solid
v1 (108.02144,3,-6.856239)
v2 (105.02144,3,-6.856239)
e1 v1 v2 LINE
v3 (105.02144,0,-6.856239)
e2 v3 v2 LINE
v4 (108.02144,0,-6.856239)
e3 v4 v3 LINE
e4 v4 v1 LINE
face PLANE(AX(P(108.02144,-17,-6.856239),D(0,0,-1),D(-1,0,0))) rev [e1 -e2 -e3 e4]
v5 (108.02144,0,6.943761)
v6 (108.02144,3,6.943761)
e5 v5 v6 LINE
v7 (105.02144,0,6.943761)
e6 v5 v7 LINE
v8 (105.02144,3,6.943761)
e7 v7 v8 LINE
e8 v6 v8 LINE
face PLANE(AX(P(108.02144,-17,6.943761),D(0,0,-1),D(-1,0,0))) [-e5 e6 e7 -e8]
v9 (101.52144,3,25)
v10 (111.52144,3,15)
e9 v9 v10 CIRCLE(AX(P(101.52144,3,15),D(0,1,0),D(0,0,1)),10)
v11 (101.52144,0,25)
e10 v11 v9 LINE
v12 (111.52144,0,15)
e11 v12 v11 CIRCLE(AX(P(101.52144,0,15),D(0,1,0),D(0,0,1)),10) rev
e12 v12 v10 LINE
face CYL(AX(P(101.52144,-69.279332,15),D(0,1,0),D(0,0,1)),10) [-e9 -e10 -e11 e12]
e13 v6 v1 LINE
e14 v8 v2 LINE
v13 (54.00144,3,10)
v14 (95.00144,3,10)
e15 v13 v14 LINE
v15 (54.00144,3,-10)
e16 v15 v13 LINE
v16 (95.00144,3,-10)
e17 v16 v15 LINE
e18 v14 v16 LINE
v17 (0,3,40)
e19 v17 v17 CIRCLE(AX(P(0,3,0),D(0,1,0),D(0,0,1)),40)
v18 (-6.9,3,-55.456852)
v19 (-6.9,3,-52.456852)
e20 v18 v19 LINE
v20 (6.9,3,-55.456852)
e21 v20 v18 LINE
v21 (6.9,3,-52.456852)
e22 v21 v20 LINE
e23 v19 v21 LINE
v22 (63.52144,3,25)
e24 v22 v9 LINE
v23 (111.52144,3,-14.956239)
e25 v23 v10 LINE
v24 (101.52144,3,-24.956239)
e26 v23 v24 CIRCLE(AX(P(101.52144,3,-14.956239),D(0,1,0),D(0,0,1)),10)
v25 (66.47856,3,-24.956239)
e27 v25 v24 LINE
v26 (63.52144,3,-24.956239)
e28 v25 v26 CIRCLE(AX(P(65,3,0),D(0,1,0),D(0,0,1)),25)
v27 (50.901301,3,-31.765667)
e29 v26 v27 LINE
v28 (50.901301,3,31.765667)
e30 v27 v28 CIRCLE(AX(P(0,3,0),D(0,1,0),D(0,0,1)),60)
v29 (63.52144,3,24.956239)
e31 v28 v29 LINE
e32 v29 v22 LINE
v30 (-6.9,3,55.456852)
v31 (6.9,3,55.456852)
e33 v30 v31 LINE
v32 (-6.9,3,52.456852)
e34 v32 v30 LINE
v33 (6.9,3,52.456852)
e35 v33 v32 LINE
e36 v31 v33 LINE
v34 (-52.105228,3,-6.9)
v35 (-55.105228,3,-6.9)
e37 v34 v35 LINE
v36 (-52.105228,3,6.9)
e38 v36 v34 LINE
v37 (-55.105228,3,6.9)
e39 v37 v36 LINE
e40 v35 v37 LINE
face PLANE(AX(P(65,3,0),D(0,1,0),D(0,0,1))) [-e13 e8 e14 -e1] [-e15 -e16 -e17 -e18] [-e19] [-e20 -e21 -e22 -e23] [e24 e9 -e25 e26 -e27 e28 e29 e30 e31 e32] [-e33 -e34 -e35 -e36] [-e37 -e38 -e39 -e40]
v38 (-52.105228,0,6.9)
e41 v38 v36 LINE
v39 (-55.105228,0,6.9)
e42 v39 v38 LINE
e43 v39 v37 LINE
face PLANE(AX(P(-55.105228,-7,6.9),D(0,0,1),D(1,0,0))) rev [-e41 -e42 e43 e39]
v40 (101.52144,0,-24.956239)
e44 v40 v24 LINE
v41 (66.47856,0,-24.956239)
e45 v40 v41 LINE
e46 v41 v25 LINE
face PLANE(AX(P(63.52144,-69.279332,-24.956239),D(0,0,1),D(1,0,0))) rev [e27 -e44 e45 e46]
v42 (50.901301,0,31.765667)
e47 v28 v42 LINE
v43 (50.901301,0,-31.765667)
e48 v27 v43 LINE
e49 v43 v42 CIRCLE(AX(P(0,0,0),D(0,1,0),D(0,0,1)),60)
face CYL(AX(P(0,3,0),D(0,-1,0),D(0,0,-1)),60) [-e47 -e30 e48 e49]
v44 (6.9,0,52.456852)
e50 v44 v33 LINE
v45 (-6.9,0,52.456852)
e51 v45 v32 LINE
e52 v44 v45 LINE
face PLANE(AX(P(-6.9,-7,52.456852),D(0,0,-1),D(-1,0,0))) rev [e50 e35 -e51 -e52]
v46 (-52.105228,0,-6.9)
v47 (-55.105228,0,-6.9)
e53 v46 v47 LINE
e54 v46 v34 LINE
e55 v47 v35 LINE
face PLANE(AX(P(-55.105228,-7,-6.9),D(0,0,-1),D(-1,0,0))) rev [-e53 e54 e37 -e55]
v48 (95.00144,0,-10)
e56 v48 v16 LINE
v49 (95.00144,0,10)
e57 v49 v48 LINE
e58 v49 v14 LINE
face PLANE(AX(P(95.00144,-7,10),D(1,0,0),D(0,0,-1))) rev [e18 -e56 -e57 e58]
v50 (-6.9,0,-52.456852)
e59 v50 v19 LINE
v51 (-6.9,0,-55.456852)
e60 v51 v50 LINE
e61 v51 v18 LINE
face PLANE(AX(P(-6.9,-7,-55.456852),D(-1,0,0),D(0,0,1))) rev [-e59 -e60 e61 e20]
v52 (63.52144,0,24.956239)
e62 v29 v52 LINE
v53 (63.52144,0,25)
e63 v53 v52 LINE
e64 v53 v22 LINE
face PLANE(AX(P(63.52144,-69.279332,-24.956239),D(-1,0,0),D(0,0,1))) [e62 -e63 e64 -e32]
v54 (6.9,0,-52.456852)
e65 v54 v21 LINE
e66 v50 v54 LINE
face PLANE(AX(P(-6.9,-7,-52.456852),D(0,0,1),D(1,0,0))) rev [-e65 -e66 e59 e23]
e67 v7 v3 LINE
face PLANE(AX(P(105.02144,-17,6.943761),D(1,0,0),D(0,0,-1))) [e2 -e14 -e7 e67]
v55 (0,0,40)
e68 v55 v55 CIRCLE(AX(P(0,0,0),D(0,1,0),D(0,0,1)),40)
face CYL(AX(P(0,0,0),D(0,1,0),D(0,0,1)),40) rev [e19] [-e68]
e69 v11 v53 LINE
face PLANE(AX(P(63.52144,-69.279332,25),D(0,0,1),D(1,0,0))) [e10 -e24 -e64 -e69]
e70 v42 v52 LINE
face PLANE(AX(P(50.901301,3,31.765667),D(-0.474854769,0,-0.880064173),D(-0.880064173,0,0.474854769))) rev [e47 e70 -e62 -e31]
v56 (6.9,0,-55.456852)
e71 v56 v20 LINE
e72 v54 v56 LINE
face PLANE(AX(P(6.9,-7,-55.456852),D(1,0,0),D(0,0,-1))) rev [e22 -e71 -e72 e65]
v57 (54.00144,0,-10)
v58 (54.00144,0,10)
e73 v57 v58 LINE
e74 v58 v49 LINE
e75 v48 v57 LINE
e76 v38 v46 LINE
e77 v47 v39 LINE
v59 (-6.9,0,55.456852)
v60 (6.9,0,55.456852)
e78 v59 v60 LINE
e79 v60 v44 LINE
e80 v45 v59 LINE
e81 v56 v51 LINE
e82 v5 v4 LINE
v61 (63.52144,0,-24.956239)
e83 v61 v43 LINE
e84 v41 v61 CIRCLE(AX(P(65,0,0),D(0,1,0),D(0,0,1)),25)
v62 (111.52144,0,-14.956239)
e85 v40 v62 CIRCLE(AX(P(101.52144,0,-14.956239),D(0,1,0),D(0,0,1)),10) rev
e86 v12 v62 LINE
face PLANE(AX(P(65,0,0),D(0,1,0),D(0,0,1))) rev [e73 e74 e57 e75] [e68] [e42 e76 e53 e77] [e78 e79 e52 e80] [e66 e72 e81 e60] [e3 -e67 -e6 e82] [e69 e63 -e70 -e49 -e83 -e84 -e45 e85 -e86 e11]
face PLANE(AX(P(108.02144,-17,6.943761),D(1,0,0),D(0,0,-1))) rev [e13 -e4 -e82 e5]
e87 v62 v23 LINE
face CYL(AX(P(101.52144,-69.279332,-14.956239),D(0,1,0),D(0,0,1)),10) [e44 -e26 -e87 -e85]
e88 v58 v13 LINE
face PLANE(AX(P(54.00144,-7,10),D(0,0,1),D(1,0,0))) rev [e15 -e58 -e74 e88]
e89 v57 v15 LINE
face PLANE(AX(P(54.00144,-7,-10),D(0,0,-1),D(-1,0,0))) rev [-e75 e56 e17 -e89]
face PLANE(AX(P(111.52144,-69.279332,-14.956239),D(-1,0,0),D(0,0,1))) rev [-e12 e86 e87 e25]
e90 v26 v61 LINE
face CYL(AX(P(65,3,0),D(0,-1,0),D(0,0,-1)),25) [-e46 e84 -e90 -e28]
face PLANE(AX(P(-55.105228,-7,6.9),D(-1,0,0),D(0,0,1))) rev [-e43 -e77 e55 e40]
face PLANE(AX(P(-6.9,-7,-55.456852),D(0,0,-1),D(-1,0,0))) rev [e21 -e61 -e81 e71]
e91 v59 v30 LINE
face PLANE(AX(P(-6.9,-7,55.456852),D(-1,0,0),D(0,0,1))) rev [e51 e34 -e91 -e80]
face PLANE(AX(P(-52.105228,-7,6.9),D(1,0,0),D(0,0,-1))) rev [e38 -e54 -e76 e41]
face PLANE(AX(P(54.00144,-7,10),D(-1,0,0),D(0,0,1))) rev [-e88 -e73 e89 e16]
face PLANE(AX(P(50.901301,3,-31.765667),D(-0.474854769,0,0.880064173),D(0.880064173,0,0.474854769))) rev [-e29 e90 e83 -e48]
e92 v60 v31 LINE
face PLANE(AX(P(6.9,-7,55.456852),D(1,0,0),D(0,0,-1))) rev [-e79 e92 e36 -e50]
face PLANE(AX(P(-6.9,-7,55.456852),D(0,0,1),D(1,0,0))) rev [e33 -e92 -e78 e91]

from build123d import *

# Parameters (mm, degrees)
EXTRUDE_1_DEPTH     = 3
SKETCH_3_W          = 13.8
SKETCH_3_H          = 3
SKETCH_3_W_2        = 3
SKETCH_3_H_2        = 13.8
CUT_EXTRUDE_1_DEPTH = 10
EXTRUDE_2_DEPTH     = 3
SKETCH_5_W          = 3
SKETCH_5_H          = 13.8
CUT_EXTRUDE_2_DEPTH = 20
SKETCH_6_W          = 41
SKETCH_6_H          = 20
CUT_EXTRUDE_3_DEPTH = 10
SKETCH_7_R          = 40
CUT_EXTRUDE_4_DEPTH = 3


with BuildPart() as part:
    # Эскиз2 → Бобышка-Вытянуть1 (new body)
    with BuildSketch(Plane(origin=(0, 0, 0), x_dir=(1, 0, 0), z_dir=(0, 1, 0))):
        with BuildLine():
            Line((50.901300831, -31.765666587), (63.52144012, -24.956238913))
            ThreePointArc((63.52144012, -24.956238913), (90, 0), (63.52144012, 24.956238913))
            Line((63.52144012, 24.956238913), (50.901300831, 31.765666587))
            ThreePointArc((50.901300831, 31.765666587), (-60, 0), (50.901300831, -31.765666587))
        make_face()
    extrude(amount=EXTRUDE_1_DEPTH)

    # Эскиз3 → Вырез-Вытянуть1 (cut)
    with BuildSketch(Plane(origin=(0, 3, 0), x_dir=(1, 0, 0), z_dir=(0, 1, 0))):
        with Locations((0, 53.956851754)):
            Rectangle(SKETCH_3_W, SKETCH_3_H)
        with Locations((0, -53.956851754)):
            Rectangle(SKETCH_3_W, SKETCH_3_H)
        with Locations((-53.60522772, 0)):
            Rectangle(SKETCH_3_W_2, SKETCH_3_H_2)
        with Locations((84.05982534, 0)):
            Rectangle(SKETCH_3_W_2, SKETCH_3_H_2)
    extrude(amount=-CUT_EXTRUDE_1_DEPTH, mode=Mode.SUBTRACT)

    # Эскиз4 → Бобышка-Вытянуть2 (add)
    with BuildSketch(Plane(origin=(0, 3, 0), x_dir=(1, 0, 0), z_dir=(0, 1, 0))):
        with BuildLine():
            Line((63.52144012, 24.956238913), (101.52144012, 24.956238913))
            ThreePointArc((101.52144012, 24.956238913), (108.592507932, 22.027306725), (111.52144012, 14.956238913))
            Line((111.52144012, 14.956238913), (111.52144012, -15))
            ThreePointArc((111.52144012, -15), (108.592507932, -22.071067812), (101.52144012, -25))
            Line((101.52144012, -25), (63.52144012, -25))
            Line((63.52144012, -25), (63.52144012, 24.956238913))
        make_face()
    extrude(amount=-EXTRUDE_2_DEPTH)

    # Эскиз5 → Вырез-Вытянуть2 (cut)
    with BuildSketch(Plane(origin=(0, 3, 0), x_dir=(1, 0, 0), z_dir=(0, 1, 0))):
        with Locations((106.52144012, -0.043761087)):
            Rectangle(SKETCH_5_W, SKETCH_5_H)
    extrude(amount=-CUT_EXTRUDE_2_DEPTH, mode=Mode.SUBTRACT)

    # Эскиз6 → Вырез-Вытянуть3 (cut)
    with BuildSketch(Plane(origin=(0, 3, 0), x_dir=(1, 0, 0), z_dir=(0, 1, 0))):
        with Locations((74.50144012, 0)):
            Rectangle(SKETCH_6_W, SKETCH_6_H)
    extrude(amount=-CUT_EXTRUDE_3_DEPTH, mode=Mode.SUBTRACT)

    # Эскиз7 → Вырез-Вытянуть4 (cut)
    with BuildSketch(Plane(origin=(0, 3, 0), x_dir=(1, 0, 0), z_dir=(0, 1, 0))):
        with Locations(Location((0, 0, 0), (0, 0, 270))):
            Circle(SKETCH_7_R)
    extrude(amount=-CUT_EXTRUDE_4_DEPTH, mode=Mode.SUBTRACT)


solid = part.part
